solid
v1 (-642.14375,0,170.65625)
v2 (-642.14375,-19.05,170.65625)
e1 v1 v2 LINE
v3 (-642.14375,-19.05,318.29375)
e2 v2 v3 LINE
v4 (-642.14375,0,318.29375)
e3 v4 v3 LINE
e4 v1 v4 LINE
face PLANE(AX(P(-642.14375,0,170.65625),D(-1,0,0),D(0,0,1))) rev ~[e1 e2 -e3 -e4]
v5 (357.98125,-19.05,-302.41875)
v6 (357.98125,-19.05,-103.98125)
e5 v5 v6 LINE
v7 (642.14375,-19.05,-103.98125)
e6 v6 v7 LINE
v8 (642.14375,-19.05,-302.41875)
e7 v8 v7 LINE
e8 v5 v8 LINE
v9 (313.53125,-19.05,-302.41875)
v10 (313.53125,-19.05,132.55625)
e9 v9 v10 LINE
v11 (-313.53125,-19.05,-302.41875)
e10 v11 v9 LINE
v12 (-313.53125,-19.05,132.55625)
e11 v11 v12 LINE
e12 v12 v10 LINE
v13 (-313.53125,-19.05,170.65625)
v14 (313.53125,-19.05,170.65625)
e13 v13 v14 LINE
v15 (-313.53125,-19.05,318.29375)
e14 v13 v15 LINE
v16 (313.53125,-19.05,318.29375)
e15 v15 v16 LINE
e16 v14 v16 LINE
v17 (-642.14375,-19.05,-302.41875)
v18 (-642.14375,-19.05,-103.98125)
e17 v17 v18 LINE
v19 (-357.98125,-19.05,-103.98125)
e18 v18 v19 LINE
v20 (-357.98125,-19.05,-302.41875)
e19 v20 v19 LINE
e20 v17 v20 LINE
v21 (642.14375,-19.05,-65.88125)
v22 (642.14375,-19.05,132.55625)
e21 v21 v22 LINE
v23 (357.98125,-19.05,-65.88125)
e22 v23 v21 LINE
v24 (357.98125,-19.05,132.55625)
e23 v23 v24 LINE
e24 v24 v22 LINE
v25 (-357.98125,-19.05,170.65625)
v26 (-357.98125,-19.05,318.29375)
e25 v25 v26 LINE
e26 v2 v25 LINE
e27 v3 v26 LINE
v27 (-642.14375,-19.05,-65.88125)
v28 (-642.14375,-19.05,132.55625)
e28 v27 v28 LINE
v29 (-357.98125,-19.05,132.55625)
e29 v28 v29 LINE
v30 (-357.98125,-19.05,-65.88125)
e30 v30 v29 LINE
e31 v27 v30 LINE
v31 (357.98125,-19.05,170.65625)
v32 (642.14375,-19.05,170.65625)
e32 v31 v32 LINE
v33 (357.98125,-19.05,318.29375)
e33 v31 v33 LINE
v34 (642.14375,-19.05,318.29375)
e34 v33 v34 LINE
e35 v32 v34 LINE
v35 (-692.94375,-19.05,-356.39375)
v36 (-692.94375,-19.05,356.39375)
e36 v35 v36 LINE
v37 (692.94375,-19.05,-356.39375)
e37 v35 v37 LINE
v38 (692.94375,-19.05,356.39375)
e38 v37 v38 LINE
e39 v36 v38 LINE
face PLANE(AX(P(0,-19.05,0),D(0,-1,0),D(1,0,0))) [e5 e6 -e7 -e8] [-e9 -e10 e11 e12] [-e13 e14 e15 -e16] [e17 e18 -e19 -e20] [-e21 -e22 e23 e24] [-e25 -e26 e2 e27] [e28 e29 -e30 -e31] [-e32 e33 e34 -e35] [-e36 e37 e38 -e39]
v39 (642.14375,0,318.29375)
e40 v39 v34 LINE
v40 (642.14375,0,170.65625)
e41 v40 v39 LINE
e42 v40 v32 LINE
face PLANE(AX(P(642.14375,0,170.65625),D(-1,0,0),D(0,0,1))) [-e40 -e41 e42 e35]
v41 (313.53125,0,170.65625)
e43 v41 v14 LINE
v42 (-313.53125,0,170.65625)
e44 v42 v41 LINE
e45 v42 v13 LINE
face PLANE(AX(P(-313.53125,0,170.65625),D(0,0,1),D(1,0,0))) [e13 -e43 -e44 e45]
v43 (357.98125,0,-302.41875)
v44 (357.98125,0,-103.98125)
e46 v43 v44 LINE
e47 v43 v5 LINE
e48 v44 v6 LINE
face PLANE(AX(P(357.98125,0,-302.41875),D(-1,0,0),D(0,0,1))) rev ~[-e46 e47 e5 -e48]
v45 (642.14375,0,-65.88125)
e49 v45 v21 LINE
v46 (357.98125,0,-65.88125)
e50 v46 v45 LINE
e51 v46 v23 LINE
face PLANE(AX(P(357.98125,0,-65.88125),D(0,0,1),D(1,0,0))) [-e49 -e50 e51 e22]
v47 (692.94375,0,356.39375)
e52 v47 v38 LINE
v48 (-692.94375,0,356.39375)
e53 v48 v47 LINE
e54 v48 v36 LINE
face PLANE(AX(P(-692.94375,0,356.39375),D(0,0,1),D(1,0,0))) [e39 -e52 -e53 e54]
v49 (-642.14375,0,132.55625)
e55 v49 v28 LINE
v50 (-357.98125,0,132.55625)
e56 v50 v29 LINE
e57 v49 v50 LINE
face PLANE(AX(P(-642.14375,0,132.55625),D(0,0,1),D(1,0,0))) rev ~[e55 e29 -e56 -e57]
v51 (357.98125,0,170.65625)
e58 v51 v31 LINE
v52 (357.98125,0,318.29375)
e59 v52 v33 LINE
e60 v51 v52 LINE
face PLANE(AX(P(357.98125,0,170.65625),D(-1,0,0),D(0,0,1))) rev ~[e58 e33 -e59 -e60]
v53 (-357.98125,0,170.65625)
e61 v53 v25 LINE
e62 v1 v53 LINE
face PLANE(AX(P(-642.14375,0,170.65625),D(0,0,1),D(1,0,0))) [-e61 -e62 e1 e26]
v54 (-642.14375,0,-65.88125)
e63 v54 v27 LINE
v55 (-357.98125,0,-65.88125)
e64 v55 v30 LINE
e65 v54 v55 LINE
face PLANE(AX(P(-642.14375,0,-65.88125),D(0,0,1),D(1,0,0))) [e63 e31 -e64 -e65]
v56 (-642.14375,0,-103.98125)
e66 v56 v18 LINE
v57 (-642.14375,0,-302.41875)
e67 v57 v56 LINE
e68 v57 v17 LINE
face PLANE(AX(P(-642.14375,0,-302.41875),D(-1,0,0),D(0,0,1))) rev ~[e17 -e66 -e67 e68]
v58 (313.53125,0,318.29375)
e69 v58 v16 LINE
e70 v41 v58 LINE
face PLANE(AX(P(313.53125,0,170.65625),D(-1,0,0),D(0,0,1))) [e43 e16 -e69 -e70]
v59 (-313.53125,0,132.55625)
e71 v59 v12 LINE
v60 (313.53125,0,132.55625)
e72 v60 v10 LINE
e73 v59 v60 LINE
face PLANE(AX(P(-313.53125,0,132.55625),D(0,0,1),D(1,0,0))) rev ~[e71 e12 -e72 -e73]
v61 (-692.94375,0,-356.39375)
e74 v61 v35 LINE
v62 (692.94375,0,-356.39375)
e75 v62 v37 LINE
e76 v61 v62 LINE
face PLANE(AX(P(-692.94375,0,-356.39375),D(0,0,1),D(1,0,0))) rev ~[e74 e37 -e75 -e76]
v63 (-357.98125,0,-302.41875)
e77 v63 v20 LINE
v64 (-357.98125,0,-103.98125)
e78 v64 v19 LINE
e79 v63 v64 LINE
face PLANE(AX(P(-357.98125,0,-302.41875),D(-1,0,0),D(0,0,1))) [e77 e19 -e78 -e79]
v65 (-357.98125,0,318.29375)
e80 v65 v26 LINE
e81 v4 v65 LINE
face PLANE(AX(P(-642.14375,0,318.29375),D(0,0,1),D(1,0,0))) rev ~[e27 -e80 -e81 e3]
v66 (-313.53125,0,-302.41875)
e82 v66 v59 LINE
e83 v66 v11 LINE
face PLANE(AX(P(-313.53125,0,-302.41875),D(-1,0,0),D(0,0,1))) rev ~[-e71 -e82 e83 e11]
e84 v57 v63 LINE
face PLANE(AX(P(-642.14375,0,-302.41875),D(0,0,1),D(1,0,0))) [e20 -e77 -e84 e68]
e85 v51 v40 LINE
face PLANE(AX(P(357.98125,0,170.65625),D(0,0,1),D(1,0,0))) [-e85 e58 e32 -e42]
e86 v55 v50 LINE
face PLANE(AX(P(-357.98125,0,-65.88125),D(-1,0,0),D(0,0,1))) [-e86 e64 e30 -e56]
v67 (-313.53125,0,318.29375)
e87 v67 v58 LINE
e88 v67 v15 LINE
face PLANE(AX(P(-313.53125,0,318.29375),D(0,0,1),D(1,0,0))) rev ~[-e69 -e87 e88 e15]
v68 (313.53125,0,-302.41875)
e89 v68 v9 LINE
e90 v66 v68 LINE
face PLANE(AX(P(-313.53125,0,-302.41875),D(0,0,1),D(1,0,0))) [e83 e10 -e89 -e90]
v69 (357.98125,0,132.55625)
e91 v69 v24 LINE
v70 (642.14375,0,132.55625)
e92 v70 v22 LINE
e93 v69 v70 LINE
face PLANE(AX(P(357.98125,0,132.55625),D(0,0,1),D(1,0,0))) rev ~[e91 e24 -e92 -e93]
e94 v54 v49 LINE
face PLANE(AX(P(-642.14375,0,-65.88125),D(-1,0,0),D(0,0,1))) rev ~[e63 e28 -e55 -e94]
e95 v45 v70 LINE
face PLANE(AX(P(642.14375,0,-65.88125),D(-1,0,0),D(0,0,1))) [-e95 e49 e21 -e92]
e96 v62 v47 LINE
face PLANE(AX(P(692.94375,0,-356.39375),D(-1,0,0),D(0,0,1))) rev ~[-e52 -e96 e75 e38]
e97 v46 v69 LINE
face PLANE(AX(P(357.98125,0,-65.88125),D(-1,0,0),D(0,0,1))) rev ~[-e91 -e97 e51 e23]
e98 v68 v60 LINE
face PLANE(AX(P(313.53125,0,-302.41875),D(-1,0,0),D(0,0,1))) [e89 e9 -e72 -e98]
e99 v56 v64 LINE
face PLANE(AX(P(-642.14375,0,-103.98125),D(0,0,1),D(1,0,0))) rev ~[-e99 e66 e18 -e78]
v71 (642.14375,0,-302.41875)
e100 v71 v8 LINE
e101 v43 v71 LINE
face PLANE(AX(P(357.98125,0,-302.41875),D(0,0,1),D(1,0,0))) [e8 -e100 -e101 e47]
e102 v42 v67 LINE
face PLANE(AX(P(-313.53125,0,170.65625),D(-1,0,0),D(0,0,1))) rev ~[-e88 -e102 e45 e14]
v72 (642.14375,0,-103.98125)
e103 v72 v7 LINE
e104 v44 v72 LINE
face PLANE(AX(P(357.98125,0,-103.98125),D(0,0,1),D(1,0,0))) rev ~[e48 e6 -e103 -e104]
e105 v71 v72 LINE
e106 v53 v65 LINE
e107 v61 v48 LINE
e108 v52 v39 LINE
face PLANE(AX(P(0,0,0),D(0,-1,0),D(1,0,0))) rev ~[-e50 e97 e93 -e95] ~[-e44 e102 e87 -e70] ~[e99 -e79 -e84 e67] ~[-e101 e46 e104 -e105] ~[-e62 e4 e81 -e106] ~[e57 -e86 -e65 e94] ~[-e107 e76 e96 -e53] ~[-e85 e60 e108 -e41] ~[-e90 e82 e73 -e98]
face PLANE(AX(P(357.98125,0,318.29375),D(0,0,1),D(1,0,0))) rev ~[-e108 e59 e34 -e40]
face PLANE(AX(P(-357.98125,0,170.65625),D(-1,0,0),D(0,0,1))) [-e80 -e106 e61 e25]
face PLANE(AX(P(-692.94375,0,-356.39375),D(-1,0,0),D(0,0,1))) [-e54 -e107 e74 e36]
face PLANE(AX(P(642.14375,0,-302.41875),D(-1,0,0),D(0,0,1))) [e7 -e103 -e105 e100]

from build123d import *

# Parameters (mm, degrees)
F0_W     = 1385.8875
F0_H     = 712.7875
F0_W_2   = 284.1625
F0_H_2   = 198.4375
F0_W_3   = 627.0625
F0_H_3   = 434.975
F0_H_4   = 147.6375
F1_DEPTH = 19.05


with BuildPart() as f1:
    # F0 (on Front) → F1 (new body)
    with BuildSketch(Plane.XZ):
        Rectangle(F0_W, F0_H)
        with Locations((-500.0625, -203.2)):
            Rectangle(F0_W_2, F0_H_2, mode=Mode.SUBTRACT)
        with Locations((0, -84.93125)):
            Rectangle(F0_W_3, F0_H_3, mode=Mode.SUBTRACT)
        with Locations((500.0625, -203.2)):
            Rectangle(F0_W_2, F0_H_2, mode=Mode.SUBTRACT)
        with Locations((-500.0625, 33.3375)):
            Rectangle(F0_W_2, F0_H_2, mode=Mode.SUBTRACT)
        with Locations((-500.0625, 244.475)):
            Rectangle(F0_W_2, F0_H_4, mode=Mode.SUBTRACT)
        with Locations((0, 244.475)):
            Rectangle(F0_W_3, F0_H_4, mode=Mode.SUBTRACT)
        with Locations((500.0625, 33.3375)):
            Rectangle(F0_W_2, F0_H_2, mode=Mode.SUBTRACT)
        with Locations((500.0625, 244.475)):
            Rectangle(F0_W_2, F0_H_4, mode=Mode.SUBTRACT)
    extrude(amount=F1_DEPTH)


solid = f1.part
